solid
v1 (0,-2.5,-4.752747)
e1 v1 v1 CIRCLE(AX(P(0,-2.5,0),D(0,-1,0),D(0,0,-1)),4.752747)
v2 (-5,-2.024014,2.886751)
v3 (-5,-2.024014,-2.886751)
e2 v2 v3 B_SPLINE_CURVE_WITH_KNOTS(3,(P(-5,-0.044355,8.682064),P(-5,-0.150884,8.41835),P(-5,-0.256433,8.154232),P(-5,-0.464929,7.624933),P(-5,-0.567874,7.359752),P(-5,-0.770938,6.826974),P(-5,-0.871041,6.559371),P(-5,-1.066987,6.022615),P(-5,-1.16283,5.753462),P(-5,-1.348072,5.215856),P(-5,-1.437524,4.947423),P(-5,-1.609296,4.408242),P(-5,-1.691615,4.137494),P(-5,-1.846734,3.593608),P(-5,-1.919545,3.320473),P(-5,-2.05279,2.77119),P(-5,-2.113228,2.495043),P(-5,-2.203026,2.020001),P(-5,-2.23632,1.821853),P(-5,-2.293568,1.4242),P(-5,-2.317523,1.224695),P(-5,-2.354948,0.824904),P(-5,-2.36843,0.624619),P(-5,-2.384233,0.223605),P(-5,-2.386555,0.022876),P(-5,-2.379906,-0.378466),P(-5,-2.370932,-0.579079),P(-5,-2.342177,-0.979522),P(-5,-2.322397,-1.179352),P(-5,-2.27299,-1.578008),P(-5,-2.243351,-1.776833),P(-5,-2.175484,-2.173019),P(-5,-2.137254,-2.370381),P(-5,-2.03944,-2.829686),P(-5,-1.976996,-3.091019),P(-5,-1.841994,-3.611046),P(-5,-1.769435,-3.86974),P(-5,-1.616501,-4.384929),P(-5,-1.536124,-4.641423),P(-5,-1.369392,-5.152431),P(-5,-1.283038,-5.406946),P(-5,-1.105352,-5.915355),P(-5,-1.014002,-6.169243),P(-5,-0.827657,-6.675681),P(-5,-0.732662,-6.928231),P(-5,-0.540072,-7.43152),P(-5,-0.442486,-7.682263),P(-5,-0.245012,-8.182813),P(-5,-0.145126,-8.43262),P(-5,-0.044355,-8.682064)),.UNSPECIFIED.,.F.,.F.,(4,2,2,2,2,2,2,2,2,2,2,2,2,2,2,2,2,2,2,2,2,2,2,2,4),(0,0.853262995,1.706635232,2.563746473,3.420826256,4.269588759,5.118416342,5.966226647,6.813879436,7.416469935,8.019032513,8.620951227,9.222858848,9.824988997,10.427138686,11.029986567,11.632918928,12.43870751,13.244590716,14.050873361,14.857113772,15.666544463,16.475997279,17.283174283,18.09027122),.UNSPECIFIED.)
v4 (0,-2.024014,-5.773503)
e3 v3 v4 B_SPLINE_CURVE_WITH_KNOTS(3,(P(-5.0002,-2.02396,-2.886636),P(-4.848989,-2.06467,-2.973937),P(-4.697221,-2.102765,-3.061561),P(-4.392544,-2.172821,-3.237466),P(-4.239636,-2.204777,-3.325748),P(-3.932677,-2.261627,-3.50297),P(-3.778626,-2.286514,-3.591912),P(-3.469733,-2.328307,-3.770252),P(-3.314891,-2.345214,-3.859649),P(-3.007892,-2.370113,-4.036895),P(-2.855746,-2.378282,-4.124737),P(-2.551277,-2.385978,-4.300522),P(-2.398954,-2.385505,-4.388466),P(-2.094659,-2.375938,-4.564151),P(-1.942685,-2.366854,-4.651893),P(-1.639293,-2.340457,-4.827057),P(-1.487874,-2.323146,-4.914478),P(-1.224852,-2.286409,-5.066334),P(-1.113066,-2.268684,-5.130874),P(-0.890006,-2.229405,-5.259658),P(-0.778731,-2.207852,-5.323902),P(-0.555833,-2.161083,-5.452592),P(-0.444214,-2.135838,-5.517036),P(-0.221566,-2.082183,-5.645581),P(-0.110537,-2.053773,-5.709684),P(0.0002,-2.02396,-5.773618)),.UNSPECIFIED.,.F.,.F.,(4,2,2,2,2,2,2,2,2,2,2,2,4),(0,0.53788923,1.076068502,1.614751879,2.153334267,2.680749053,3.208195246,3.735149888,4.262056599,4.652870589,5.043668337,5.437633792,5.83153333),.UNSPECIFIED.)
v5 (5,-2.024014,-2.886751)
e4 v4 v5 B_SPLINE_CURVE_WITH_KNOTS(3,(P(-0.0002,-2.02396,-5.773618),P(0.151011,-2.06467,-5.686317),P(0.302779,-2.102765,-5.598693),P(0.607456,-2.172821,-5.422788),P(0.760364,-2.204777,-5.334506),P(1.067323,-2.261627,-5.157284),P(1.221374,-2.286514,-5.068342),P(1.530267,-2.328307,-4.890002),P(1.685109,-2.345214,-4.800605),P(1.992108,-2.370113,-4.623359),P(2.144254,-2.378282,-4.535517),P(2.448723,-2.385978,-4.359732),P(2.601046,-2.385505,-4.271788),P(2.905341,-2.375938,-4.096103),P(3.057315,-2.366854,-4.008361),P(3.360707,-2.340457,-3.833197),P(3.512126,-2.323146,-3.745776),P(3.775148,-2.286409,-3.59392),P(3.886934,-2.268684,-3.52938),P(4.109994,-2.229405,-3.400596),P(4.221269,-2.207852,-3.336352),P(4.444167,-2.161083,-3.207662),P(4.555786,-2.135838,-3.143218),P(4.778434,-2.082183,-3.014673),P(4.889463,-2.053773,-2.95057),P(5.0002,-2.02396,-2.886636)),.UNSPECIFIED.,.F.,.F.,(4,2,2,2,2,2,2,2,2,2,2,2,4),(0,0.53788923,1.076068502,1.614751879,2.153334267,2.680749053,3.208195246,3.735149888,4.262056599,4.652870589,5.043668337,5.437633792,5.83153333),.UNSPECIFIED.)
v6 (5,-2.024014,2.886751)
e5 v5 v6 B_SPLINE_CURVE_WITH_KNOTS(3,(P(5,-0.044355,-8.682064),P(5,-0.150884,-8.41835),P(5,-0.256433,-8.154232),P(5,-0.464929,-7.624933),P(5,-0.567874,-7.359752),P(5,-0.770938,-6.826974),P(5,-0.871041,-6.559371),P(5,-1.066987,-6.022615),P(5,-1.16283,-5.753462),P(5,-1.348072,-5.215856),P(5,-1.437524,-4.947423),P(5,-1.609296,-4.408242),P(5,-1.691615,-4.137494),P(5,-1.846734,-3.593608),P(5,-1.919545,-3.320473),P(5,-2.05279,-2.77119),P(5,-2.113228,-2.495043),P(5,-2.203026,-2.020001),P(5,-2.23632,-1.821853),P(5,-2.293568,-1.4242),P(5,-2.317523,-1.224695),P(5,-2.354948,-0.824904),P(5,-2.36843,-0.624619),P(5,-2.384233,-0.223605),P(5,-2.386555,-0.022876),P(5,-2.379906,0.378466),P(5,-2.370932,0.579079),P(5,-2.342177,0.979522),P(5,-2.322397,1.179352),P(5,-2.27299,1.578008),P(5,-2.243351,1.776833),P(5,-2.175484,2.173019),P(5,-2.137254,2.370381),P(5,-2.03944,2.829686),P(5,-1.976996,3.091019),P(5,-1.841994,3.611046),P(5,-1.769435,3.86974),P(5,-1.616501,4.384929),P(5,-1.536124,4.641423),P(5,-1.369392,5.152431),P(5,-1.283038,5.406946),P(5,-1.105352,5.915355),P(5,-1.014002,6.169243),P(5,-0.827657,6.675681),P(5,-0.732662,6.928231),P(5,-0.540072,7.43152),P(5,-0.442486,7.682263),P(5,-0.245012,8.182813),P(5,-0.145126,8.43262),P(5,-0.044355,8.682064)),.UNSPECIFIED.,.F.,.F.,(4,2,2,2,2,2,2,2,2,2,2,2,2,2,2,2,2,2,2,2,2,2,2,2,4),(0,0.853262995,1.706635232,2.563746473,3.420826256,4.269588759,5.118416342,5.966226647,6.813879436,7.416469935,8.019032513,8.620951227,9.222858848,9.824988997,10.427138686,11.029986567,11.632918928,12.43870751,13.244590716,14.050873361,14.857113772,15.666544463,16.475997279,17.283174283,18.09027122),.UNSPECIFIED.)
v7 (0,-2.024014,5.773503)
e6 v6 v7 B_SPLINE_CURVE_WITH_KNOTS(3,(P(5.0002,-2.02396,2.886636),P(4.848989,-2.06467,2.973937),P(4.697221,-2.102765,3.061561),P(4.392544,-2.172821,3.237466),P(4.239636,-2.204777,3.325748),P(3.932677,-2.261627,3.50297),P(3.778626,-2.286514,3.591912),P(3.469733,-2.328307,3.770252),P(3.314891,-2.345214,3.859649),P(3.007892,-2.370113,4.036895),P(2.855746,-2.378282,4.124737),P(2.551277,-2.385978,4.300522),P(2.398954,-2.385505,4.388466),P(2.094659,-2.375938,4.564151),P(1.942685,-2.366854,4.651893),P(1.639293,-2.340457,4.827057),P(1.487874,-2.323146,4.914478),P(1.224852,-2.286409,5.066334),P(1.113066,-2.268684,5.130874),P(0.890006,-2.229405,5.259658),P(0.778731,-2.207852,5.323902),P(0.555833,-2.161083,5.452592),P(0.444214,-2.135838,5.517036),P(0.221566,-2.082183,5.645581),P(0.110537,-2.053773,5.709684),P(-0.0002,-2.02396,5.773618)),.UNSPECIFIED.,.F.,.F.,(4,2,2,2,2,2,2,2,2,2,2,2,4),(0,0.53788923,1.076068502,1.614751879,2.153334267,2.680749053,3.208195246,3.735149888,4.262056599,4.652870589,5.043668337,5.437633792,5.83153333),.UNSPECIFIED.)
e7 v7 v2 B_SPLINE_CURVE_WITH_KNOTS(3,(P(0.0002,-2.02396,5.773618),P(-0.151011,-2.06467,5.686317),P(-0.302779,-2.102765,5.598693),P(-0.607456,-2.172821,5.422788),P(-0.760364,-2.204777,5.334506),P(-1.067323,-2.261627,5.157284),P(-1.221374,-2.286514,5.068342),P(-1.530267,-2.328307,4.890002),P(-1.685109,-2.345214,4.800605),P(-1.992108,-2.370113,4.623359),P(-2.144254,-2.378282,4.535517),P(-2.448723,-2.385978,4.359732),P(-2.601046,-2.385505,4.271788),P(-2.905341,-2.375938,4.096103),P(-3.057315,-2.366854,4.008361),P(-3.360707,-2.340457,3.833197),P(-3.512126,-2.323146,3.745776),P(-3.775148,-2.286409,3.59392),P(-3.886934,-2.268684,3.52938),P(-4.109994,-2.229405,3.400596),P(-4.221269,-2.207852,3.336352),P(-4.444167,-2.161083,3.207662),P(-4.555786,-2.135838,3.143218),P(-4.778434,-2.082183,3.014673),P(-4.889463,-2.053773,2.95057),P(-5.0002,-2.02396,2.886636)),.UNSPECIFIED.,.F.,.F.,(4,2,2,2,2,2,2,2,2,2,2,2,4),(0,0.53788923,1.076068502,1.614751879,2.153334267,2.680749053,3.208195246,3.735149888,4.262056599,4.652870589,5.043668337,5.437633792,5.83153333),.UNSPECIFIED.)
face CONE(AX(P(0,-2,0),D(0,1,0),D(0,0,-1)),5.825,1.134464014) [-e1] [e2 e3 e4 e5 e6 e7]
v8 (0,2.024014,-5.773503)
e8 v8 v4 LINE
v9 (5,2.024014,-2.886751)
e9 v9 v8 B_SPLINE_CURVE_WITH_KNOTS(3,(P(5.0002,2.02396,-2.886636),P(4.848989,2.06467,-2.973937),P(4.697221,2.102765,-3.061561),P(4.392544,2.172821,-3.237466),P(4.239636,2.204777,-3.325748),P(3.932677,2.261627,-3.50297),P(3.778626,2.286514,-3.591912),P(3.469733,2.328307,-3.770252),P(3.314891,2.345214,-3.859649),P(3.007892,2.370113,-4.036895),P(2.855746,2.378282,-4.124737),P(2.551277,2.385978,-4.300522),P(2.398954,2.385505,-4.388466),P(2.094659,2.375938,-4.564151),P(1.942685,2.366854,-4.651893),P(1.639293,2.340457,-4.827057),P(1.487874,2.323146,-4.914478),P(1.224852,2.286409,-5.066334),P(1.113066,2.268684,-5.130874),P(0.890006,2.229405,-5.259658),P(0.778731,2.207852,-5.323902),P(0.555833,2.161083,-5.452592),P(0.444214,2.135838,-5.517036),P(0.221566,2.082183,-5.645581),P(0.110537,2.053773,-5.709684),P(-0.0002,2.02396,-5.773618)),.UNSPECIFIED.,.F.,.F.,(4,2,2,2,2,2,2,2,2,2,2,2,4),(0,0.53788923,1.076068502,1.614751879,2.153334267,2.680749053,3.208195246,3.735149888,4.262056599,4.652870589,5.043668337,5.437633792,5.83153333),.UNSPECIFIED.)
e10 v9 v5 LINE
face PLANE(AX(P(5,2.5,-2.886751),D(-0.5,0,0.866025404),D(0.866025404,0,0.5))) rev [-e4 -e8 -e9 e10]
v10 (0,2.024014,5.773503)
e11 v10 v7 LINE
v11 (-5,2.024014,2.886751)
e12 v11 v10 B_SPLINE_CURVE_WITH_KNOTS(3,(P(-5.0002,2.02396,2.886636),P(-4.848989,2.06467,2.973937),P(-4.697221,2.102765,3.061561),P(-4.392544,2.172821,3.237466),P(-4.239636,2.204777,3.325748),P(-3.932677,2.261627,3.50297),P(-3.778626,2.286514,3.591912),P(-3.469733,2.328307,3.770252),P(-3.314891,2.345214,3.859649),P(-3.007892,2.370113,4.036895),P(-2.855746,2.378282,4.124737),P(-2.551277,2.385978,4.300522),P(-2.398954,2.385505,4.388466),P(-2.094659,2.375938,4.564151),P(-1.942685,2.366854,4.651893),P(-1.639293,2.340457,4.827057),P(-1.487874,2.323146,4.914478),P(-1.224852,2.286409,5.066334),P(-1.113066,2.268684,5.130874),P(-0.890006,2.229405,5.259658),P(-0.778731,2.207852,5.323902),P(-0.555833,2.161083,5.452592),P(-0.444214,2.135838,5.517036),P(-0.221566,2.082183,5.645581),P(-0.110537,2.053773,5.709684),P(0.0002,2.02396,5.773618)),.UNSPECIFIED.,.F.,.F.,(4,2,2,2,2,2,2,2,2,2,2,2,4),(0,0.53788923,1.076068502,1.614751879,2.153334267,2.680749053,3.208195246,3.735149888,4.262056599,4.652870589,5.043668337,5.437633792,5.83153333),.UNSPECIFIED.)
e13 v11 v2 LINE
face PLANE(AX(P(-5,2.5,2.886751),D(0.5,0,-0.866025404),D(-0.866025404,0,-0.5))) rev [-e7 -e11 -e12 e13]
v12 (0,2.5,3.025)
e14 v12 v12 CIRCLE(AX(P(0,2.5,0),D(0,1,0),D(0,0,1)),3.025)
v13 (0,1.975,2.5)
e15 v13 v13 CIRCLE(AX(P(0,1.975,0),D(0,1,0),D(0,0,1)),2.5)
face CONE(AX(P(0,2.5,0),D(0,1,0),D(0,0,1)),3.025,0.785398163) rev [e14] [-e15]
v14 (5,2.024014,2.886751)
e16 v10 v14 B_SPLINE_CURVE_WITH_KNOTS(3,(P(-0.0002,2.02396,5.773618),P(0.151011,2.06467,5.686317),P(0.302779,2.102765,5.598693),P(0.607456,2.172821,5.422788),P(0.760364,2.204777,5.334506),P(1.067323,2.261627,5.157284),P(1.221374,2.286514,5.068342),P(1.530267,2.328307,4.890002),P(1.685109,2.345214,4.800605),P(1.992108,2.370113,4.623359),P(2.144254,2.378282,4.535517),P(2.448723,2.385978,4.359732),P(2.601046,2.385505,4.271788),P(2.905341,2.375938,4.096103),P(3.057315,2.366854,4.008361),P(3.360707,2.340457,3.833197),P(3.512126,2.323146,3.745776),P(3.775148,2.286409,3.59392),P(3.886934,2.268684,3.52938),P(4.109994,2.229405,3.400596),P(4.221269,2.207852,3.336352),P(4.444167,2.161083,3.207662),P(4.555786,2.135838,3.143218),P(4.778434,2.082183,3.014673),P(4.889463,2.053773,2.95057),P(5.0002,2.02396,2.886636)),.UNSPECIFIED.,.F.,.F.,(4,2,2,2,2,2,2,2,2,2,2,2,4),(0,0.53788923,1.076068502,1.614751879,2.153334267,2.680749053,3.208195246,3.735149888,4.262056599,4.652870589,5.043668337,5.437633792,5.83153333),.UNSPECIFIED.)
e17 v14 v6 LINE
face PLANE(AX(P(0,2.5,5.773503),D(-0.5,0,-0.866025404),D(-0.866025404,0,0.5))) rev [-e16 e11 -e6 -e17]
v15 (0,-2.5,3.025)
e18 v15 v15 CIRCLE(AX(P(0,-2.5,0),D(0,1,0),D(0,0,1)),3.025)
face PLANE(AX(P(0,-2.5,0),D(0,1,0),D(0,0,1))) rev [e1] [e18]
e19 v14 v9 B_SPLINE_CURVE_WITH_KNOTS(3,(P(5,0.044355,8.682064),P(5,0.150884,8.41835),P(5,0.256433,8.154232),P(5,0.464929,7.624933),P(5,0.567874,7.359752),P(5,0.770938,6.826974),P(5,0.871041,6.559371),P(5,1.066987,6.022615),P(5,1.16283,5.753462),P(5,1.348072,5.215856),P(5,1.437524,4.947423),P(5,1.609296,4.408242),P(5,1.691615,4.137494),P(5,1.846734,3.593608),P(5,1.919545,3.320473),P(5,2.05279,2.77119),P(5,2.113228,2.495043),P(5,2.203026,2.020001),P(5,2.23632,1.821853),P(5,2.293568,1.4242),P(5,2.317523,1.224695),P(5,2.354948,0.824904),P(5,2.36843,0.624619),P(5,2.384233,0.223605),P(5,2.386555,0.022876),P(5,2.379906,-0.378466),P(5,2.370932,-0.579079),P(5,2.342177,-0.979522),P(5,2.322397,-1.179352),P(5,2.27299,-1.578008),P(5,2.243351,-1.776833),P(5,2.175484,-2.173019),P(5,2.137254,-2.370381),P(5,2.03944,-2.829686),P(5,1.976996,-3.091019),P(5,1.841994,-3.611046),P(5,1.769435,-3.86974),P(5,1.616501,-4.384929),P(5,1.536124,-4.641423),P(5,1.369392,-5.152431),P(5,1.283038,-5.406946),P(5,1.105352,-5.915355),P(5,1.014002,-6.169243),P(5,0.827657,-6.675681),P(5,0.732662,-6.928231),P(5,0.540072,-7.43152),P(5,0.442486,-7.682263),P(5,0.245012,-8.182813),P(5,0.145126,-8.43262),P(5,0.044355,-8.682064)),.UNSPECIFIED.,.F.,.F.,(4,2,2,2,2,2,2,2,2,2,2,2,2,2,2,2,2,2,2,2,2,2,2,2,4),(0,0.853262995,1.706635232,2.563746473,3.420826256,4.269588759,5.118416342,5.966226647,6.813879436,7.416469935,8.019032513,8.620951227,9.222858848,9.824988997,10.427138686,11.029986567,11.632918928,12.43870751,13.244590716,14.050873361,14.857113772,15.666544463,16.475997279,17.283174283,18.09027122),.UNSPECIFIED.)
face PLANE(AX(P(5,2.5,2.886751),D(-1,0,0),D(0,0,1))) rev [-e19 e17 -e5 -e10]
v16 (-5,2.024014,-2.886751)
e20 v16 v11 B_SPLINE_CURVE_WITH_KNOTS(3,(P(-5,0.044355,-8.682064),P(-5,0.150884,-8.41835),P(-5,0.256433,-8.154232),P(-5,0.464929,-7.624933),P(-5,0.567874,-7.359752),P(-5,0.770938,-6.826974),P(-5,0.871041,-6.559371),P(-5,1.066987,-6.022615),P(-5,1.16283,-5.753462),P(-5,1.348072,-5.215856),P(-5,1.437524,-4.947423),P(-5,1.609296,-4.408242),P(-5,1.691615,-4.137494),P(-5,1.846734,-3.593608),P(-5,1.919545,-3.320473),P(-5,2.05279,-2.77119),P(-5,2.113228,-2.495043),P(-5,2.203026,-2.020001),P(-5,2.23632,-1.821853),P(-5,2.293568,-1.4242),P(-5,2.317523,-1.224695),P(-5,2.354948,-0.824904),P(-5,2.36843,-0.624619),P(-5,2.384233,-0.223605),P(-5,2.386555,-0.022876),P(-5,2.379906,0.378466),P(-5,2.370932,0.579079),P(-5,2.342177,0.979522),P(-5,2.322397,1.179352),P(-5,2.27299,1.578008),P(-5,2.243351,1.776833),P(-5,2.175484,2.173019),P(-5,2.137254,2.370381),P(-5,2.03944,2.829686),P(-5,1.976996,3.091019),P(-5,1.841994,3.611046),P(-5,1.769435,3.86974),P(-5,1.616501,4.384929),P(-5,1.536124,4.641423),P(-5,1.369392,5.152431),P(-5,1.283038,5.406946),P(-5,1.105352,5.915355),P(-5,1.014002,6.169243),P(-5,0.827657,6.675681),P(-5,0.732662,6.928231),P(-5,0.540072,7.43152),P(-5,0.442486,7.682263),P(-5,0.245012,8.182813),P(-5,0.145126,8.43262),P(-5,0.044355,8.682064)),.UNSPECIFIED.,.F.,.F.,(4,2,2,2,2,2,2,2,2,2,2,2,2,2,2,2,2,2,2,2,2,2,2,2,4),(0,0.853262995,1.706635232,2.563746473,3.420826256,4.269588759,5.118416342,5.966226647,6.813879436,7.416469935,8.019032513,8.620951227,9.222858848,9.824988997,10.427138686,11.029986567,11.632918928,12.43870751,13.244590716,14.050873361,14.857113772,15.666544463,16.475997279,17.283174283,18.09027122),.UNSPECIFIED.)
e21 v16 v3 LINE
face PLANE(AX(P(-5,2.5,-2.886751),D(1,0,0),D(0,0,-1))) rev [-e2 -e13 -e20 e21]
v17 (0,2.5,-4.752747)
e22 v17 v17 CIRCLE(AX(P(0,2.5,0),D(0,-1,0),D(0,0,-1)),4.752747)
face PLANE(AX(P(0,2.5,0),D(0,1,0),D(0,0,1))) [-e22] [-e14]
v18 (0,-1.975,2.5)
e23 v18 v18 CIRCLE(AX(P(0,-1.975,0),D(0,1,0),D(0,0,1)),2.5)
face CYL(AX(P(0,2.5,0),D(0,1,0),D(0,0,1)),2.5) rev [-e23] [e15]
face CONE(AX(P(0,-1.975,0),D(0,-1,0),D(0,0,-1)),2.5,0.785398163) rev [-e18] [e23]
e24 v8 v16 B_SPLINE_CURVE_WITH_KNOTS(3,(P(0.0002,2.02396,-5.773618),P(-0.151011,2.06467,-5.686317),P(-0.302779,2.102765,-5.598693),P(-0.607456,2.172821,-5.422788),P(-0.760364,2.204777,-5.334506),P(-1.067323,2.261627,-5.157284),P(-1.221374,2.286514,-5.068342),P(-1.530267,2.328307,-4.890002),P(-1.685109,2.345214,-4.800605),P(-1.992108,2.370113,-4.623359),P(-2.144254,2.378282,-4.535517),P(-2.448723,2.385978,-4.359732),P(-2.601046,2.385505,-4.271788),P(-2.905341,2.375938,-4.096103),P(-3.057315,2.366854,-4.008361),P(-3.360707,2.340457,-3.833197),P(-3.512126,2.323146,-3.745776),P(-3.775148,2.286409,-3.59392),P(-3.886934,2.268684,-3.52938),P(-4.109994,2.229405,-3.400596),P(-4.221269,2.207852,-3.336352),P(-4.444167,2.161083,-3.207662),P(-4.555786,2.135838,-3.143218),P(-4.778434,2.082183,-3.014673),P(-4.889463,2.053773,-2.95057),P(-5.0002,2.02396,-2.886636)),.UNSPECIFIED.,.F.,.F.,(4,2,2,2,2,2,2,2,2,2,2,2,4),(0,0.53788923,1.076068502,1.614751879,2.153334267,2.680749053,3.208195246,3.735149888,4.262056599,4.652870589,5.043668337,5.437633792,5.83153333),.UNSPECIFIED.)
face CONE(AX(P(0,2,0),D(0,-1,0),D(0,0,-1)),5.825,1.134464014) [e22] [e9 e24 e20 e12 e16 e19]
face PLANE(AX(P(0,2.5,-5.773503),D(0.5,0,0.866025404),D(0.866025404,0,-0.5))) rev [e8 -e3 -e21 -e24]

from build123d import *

# Parameters (mm, degrees)
BOSS_EXTRUDE1_DEPTH = 2.5


with BuildPart() as part:
    # Sketch1 → Boss-Extrude1 (new, symmetric)
    with BuildSketch(Plane(origin=(0, 0, 0), x_dir=(1, 0, 0), z_dir=(0, 1, 0))):
        Polygon((0, 5.773502692), (-5, 2.886751346), (-5, -2.886751346), (0, -5.773502692), (5, -2.886751346), (5, 2.886751346), align=None)
    extrude(amount=BOSS_EXTRUDE1_DEPTH, both=True)

    # Sketch2 → Cut-Revolve1 (revolve, cut)
    with BuildSketch(Plane.XY, mode=Mode.PRIVATE) as cut_revolve1_sk:
        Polygon((-4.75274654, 2.5), (-5.825, 2), (-5.825, 2.5), align=None)
    cut_revolve1 = revolve(cut_revolve1_sk.sketch.rotate(Axis((0, 0, 0), (0, 1, 0)), 270), axis=Axis((0, 0, 0), (0, 1, 0)), mode=Mode.SUBTRACT)

    # Mirror1: Cut-Revolve1 across plane
    add(cut_revolve1.mirror(Plane.ZX), mode=Mode.SUBTRACT)

    # Sketch4 → M6 Tapped Hole1 (revolve, cut)
    with BuildSketch(Plane(origin=(0, 2.5, 0), x_dir=(0, 0, 1), z_dir=(1, 0, 0))):
        Polygon((0, 0), (0, 5), (3.025, 5), (2.5, 4.475), (2.5, 0.525), (3.025, 0), align=None)
    revolve(axis=Axis((0, 8.85, 0), (0, -1, 0)), mode=Mode.SUBTRACT)


solid = part.part
